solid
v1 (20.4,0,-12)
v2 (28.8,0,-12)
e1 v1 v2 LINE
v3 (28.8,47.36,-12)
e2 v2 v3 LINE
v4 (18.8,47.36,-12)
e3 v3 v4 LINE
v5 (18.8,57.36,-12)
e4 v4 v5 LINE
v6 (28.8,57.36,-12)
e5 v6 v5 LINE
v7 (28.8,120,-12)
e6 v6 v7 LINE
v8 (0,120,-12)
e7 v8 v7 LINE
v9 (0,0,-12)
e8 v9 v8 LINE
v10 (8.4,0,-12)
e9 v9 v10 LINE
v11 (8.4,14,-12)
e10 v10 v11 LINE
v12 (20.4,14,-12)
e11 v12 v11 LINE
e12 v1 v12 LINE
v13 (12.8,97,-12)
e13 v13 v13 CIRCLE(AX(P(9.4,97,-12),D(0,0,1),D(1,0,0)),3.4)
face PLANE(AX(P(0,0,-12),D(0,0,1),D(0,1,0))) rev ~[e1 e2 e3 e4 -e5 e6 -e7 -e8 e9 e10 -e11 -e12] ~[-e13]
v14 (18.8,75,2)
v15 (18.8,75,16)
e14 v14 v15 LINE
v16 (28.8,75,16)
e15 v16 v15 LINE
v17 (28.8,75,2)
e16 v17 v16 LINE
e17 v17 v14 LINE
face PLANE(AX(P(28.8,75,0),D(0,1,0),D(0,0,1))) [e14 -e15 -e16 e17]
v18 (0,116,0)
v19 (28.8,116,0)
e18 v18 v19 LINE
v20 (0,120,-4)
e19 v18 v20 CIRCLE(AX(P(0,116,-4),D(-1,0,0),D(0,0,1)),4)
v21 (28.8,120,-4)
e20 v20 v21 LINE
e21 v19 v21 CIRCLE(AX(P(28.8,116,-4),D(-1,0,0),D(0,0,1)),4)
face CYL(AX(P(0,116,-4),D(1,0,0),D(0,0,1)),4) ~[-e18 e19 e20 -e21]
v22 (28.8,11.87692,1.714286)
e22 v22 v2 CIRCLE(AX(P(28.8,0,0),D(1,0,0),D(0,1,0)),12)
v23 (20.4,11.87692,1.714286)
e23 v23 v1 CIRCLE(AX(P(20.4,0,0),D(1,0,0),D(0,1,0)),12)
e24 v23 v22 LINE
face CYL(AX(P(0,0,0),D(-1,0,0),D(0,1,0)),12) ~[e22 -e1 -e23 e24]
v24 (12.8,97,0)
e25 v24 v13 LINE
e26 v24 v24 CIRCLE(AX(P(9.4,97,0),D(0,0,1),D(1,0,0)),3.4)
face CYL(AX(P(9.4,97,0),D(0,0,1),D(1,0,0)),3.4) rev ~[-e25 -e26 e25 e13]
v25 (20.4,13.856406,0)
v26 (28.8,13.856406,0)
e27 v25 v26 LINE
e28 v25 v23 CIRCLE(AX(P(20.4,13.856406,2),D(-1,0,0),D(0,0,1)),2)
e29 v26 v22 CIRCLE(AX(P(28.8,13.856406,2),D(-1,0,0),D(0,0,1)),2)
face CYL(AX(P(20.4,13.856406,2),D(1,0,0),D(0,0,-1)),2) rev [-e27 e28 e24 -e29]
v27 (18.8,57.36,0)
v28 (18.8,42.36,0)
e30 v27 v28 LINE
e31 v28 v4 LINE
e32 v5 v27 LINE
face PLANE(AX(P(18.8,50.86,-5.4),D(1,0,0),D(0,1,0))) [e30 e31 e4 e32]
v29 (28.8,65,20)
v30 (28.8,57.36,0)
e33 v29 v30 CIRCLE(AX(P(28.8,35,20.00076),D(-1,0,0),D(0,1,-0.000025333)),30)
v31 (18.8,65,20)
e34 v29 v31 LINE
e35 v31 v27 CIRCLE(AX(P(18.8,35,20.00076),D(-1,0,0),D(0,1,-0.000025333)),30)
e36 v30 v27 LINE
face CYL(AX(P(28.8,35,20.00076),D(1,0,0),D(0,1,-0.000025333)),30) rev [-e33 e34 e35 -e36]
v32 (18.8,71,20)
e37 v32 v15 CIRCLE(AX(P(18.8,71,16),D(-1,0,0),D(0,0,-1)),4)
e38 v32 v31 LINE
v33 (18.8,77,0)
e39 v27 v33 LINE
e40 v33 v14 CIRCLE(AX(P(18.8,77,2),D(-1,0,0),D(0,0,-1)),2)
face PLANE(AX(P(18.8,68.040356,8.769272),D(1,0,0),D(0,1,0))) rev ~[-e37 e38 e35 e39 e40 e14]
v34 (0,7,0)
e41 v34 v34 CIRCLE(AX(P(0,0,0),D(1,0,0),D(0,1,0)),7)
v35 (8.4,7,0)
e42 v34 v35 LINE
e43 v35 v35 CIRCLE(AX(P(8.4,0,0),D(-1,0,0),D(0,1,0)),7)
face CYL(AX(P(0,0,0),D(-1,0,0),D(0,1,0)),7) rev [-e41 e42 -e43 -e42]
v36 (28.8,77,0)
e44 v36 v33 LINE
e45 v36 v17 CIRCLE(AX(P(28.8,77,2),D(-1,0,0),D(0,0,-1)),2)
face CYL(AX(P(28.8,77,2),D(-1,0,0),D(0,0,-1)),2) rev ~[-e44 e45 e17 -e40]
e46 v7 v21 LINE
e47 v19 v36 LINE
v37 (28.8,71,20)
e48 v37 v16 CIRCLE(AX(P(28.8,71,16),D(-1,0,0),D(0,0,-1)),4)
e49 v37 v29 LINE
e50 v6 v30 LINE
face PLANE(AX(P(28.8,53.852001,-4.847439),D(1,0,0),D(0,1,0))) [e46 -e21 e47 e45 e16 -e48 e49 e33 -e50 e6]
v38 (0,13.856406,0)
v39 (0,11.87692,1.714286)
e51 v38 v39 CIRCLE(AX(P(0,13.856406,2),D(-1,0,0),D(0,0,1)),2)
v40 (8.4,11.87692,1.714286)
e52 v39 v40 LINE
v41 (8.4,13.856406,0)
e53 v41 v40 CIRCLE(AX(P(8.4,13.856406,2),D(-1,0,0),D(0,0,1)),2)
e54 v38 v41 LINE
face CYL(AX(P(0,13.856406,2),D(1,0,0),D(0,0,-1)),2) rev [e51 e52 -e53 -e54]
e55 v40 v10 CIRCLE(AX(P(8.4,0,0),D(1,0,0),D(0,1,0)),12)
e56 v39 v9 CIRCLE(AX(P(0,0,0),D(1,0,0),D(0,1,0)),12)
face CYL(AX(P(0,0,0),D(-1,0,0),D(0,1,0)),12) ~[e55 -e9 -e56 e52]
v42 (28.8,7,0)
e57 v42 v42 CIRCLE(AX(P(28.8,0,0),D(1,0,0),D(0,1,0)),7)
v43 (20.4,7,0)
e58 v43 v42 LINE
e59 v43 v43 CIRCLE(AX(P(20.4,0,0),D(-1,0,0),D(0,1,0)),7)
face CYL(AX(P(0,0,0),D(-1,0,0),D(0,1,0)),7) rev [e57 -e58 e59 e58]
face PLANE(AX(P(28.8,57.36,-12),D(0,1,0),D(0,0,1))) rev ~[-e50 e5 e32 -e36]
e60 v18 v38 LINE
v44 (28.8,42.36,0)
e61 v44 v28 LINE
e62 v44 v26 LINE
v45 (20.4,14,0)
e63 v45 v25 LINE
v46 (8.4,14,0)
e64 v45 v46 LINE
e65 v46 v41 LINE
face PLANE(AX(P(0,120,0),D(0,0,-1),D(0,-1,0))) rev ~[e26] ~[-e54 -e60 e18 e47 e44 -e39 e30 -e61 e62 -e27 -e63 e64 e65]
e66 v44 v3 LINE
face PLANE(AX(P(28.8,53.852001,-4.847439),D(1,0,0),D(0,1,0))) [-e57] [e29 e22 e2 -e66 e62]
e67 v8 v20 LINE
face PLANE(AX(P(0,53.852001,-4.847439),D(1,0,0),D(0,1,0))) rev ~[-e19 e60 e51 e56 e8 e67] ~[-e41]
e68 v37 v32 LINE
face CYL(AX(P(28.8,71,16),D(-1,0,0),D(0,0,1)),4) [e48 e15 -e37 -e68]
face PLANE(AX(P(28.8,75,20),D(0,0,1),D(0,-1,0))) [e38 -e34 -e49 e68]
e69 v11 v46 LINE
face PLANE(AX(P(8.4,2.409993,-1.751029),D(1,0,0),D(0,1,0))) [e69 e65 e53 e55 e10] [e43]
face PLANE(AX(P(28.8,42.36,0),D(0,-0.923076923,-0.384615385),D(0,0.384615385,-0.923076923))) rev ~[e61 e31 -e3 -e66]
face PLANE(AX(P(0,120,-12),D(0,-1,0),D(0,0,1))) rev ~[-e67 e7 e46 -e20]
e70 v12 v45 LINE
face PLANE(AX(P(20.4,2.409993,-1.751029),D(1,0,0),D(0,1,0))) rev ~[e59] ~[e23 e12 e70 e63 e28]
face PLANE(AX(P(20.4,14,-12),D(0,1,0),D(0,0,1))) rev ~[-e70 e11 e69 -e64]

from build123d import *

# Parameters (mm, degrees)
F0_R      = 7
F1_DEPTH  = 28.8
F4_DEPTH  = 12
F6_DEPTH  = 10
F8_DEPTH  = 10
F9_R      = 3.4
F10_DEPTH = 12
F11_R     = 2
F12_R     = 4


with BuildPart() as f1:
    # F0 (on Right) → F1 (new body)
    with BuildSketch(Plane.YZ):
        with BuildLine():
            Line((120, 0), (12, 0))
            ThreePointArc((12, 0), (-8.4852813742, 8.4852813742), (0, -12))
            Line((0, -12), (120, -12))
            Line((120, -12), (120, 0))
        make_face()
        Circle(F0_R, mode=Mode.SUBTRACT)
    extrude(amount=F1_DEPTH)

    # F3 (on offset) → F4 (cut)
    with BuildSketch(Plane.YZ.offset(20.4)):
        with BuildLine():
            Line((14, -12), (14, 0))
            Line((14, 0), (12, 0))
            ThreePointArc((12, 0), (-8.4852813742, 8.4852813742), (0, -12))
            Line((0, -12), (14, -12))
        make_face()
    extrude(amount=-F4_DEPTH, mode=Mode.SUBTRACT)

    # F5 (on face) → F6 (join)
    with BuildSketch(Plane.YZ.offset(28.8)):
        with BuildLine():
            Line((65, 0), (75, 0))
            Line((75, 0), (75, 20))
            Line((75, 20), (65, 20))
            ThreePointArc((65, 20), (63.0248532563, 9.2952660561), (57.36, 0))
            Line((57.36, 0), (65, 0))
        make_face()
    extrude(amount=-F6_DEPTH)

    # F7 (on face) → F8 (cut, through all)
    with BuildSketch(Plane.YZ.offset(28.8)):
        Polygon((57.36, -12), (57.36, 0), (42.36, 0), (47.36, -12), align=None)
    extrude(amount=-F8_DEPTH, mode=Mode.SUBTRACT)

    # F9 (on Top) → F10 (cut, through all)
    with BuildSketch(Plane.XY):
        with Locations((9.4, 97)):
            Circle(F9_R)
    extrude(amount=-F10_DEPTH, mode=Mode.SUBTRACT)

    # F11
    f11_edges = [f1.edges().sort_by_distance(p)[0] for p in [
        (23.8, 75, 0),
        (24.6, 12, 0),
        (4.2, 12, 0),
    ]]
    fillet(f11_edges, radius=F11_R)

    # F12
    f12_edges = [f1.edges().sort_by_distance(p)[0] for p in [
        (23.8, 75, 20),
        (14.4, 120, 0),
    ]]
    fillet(f12_edges, radius=F12_R)


solid = f1.part
